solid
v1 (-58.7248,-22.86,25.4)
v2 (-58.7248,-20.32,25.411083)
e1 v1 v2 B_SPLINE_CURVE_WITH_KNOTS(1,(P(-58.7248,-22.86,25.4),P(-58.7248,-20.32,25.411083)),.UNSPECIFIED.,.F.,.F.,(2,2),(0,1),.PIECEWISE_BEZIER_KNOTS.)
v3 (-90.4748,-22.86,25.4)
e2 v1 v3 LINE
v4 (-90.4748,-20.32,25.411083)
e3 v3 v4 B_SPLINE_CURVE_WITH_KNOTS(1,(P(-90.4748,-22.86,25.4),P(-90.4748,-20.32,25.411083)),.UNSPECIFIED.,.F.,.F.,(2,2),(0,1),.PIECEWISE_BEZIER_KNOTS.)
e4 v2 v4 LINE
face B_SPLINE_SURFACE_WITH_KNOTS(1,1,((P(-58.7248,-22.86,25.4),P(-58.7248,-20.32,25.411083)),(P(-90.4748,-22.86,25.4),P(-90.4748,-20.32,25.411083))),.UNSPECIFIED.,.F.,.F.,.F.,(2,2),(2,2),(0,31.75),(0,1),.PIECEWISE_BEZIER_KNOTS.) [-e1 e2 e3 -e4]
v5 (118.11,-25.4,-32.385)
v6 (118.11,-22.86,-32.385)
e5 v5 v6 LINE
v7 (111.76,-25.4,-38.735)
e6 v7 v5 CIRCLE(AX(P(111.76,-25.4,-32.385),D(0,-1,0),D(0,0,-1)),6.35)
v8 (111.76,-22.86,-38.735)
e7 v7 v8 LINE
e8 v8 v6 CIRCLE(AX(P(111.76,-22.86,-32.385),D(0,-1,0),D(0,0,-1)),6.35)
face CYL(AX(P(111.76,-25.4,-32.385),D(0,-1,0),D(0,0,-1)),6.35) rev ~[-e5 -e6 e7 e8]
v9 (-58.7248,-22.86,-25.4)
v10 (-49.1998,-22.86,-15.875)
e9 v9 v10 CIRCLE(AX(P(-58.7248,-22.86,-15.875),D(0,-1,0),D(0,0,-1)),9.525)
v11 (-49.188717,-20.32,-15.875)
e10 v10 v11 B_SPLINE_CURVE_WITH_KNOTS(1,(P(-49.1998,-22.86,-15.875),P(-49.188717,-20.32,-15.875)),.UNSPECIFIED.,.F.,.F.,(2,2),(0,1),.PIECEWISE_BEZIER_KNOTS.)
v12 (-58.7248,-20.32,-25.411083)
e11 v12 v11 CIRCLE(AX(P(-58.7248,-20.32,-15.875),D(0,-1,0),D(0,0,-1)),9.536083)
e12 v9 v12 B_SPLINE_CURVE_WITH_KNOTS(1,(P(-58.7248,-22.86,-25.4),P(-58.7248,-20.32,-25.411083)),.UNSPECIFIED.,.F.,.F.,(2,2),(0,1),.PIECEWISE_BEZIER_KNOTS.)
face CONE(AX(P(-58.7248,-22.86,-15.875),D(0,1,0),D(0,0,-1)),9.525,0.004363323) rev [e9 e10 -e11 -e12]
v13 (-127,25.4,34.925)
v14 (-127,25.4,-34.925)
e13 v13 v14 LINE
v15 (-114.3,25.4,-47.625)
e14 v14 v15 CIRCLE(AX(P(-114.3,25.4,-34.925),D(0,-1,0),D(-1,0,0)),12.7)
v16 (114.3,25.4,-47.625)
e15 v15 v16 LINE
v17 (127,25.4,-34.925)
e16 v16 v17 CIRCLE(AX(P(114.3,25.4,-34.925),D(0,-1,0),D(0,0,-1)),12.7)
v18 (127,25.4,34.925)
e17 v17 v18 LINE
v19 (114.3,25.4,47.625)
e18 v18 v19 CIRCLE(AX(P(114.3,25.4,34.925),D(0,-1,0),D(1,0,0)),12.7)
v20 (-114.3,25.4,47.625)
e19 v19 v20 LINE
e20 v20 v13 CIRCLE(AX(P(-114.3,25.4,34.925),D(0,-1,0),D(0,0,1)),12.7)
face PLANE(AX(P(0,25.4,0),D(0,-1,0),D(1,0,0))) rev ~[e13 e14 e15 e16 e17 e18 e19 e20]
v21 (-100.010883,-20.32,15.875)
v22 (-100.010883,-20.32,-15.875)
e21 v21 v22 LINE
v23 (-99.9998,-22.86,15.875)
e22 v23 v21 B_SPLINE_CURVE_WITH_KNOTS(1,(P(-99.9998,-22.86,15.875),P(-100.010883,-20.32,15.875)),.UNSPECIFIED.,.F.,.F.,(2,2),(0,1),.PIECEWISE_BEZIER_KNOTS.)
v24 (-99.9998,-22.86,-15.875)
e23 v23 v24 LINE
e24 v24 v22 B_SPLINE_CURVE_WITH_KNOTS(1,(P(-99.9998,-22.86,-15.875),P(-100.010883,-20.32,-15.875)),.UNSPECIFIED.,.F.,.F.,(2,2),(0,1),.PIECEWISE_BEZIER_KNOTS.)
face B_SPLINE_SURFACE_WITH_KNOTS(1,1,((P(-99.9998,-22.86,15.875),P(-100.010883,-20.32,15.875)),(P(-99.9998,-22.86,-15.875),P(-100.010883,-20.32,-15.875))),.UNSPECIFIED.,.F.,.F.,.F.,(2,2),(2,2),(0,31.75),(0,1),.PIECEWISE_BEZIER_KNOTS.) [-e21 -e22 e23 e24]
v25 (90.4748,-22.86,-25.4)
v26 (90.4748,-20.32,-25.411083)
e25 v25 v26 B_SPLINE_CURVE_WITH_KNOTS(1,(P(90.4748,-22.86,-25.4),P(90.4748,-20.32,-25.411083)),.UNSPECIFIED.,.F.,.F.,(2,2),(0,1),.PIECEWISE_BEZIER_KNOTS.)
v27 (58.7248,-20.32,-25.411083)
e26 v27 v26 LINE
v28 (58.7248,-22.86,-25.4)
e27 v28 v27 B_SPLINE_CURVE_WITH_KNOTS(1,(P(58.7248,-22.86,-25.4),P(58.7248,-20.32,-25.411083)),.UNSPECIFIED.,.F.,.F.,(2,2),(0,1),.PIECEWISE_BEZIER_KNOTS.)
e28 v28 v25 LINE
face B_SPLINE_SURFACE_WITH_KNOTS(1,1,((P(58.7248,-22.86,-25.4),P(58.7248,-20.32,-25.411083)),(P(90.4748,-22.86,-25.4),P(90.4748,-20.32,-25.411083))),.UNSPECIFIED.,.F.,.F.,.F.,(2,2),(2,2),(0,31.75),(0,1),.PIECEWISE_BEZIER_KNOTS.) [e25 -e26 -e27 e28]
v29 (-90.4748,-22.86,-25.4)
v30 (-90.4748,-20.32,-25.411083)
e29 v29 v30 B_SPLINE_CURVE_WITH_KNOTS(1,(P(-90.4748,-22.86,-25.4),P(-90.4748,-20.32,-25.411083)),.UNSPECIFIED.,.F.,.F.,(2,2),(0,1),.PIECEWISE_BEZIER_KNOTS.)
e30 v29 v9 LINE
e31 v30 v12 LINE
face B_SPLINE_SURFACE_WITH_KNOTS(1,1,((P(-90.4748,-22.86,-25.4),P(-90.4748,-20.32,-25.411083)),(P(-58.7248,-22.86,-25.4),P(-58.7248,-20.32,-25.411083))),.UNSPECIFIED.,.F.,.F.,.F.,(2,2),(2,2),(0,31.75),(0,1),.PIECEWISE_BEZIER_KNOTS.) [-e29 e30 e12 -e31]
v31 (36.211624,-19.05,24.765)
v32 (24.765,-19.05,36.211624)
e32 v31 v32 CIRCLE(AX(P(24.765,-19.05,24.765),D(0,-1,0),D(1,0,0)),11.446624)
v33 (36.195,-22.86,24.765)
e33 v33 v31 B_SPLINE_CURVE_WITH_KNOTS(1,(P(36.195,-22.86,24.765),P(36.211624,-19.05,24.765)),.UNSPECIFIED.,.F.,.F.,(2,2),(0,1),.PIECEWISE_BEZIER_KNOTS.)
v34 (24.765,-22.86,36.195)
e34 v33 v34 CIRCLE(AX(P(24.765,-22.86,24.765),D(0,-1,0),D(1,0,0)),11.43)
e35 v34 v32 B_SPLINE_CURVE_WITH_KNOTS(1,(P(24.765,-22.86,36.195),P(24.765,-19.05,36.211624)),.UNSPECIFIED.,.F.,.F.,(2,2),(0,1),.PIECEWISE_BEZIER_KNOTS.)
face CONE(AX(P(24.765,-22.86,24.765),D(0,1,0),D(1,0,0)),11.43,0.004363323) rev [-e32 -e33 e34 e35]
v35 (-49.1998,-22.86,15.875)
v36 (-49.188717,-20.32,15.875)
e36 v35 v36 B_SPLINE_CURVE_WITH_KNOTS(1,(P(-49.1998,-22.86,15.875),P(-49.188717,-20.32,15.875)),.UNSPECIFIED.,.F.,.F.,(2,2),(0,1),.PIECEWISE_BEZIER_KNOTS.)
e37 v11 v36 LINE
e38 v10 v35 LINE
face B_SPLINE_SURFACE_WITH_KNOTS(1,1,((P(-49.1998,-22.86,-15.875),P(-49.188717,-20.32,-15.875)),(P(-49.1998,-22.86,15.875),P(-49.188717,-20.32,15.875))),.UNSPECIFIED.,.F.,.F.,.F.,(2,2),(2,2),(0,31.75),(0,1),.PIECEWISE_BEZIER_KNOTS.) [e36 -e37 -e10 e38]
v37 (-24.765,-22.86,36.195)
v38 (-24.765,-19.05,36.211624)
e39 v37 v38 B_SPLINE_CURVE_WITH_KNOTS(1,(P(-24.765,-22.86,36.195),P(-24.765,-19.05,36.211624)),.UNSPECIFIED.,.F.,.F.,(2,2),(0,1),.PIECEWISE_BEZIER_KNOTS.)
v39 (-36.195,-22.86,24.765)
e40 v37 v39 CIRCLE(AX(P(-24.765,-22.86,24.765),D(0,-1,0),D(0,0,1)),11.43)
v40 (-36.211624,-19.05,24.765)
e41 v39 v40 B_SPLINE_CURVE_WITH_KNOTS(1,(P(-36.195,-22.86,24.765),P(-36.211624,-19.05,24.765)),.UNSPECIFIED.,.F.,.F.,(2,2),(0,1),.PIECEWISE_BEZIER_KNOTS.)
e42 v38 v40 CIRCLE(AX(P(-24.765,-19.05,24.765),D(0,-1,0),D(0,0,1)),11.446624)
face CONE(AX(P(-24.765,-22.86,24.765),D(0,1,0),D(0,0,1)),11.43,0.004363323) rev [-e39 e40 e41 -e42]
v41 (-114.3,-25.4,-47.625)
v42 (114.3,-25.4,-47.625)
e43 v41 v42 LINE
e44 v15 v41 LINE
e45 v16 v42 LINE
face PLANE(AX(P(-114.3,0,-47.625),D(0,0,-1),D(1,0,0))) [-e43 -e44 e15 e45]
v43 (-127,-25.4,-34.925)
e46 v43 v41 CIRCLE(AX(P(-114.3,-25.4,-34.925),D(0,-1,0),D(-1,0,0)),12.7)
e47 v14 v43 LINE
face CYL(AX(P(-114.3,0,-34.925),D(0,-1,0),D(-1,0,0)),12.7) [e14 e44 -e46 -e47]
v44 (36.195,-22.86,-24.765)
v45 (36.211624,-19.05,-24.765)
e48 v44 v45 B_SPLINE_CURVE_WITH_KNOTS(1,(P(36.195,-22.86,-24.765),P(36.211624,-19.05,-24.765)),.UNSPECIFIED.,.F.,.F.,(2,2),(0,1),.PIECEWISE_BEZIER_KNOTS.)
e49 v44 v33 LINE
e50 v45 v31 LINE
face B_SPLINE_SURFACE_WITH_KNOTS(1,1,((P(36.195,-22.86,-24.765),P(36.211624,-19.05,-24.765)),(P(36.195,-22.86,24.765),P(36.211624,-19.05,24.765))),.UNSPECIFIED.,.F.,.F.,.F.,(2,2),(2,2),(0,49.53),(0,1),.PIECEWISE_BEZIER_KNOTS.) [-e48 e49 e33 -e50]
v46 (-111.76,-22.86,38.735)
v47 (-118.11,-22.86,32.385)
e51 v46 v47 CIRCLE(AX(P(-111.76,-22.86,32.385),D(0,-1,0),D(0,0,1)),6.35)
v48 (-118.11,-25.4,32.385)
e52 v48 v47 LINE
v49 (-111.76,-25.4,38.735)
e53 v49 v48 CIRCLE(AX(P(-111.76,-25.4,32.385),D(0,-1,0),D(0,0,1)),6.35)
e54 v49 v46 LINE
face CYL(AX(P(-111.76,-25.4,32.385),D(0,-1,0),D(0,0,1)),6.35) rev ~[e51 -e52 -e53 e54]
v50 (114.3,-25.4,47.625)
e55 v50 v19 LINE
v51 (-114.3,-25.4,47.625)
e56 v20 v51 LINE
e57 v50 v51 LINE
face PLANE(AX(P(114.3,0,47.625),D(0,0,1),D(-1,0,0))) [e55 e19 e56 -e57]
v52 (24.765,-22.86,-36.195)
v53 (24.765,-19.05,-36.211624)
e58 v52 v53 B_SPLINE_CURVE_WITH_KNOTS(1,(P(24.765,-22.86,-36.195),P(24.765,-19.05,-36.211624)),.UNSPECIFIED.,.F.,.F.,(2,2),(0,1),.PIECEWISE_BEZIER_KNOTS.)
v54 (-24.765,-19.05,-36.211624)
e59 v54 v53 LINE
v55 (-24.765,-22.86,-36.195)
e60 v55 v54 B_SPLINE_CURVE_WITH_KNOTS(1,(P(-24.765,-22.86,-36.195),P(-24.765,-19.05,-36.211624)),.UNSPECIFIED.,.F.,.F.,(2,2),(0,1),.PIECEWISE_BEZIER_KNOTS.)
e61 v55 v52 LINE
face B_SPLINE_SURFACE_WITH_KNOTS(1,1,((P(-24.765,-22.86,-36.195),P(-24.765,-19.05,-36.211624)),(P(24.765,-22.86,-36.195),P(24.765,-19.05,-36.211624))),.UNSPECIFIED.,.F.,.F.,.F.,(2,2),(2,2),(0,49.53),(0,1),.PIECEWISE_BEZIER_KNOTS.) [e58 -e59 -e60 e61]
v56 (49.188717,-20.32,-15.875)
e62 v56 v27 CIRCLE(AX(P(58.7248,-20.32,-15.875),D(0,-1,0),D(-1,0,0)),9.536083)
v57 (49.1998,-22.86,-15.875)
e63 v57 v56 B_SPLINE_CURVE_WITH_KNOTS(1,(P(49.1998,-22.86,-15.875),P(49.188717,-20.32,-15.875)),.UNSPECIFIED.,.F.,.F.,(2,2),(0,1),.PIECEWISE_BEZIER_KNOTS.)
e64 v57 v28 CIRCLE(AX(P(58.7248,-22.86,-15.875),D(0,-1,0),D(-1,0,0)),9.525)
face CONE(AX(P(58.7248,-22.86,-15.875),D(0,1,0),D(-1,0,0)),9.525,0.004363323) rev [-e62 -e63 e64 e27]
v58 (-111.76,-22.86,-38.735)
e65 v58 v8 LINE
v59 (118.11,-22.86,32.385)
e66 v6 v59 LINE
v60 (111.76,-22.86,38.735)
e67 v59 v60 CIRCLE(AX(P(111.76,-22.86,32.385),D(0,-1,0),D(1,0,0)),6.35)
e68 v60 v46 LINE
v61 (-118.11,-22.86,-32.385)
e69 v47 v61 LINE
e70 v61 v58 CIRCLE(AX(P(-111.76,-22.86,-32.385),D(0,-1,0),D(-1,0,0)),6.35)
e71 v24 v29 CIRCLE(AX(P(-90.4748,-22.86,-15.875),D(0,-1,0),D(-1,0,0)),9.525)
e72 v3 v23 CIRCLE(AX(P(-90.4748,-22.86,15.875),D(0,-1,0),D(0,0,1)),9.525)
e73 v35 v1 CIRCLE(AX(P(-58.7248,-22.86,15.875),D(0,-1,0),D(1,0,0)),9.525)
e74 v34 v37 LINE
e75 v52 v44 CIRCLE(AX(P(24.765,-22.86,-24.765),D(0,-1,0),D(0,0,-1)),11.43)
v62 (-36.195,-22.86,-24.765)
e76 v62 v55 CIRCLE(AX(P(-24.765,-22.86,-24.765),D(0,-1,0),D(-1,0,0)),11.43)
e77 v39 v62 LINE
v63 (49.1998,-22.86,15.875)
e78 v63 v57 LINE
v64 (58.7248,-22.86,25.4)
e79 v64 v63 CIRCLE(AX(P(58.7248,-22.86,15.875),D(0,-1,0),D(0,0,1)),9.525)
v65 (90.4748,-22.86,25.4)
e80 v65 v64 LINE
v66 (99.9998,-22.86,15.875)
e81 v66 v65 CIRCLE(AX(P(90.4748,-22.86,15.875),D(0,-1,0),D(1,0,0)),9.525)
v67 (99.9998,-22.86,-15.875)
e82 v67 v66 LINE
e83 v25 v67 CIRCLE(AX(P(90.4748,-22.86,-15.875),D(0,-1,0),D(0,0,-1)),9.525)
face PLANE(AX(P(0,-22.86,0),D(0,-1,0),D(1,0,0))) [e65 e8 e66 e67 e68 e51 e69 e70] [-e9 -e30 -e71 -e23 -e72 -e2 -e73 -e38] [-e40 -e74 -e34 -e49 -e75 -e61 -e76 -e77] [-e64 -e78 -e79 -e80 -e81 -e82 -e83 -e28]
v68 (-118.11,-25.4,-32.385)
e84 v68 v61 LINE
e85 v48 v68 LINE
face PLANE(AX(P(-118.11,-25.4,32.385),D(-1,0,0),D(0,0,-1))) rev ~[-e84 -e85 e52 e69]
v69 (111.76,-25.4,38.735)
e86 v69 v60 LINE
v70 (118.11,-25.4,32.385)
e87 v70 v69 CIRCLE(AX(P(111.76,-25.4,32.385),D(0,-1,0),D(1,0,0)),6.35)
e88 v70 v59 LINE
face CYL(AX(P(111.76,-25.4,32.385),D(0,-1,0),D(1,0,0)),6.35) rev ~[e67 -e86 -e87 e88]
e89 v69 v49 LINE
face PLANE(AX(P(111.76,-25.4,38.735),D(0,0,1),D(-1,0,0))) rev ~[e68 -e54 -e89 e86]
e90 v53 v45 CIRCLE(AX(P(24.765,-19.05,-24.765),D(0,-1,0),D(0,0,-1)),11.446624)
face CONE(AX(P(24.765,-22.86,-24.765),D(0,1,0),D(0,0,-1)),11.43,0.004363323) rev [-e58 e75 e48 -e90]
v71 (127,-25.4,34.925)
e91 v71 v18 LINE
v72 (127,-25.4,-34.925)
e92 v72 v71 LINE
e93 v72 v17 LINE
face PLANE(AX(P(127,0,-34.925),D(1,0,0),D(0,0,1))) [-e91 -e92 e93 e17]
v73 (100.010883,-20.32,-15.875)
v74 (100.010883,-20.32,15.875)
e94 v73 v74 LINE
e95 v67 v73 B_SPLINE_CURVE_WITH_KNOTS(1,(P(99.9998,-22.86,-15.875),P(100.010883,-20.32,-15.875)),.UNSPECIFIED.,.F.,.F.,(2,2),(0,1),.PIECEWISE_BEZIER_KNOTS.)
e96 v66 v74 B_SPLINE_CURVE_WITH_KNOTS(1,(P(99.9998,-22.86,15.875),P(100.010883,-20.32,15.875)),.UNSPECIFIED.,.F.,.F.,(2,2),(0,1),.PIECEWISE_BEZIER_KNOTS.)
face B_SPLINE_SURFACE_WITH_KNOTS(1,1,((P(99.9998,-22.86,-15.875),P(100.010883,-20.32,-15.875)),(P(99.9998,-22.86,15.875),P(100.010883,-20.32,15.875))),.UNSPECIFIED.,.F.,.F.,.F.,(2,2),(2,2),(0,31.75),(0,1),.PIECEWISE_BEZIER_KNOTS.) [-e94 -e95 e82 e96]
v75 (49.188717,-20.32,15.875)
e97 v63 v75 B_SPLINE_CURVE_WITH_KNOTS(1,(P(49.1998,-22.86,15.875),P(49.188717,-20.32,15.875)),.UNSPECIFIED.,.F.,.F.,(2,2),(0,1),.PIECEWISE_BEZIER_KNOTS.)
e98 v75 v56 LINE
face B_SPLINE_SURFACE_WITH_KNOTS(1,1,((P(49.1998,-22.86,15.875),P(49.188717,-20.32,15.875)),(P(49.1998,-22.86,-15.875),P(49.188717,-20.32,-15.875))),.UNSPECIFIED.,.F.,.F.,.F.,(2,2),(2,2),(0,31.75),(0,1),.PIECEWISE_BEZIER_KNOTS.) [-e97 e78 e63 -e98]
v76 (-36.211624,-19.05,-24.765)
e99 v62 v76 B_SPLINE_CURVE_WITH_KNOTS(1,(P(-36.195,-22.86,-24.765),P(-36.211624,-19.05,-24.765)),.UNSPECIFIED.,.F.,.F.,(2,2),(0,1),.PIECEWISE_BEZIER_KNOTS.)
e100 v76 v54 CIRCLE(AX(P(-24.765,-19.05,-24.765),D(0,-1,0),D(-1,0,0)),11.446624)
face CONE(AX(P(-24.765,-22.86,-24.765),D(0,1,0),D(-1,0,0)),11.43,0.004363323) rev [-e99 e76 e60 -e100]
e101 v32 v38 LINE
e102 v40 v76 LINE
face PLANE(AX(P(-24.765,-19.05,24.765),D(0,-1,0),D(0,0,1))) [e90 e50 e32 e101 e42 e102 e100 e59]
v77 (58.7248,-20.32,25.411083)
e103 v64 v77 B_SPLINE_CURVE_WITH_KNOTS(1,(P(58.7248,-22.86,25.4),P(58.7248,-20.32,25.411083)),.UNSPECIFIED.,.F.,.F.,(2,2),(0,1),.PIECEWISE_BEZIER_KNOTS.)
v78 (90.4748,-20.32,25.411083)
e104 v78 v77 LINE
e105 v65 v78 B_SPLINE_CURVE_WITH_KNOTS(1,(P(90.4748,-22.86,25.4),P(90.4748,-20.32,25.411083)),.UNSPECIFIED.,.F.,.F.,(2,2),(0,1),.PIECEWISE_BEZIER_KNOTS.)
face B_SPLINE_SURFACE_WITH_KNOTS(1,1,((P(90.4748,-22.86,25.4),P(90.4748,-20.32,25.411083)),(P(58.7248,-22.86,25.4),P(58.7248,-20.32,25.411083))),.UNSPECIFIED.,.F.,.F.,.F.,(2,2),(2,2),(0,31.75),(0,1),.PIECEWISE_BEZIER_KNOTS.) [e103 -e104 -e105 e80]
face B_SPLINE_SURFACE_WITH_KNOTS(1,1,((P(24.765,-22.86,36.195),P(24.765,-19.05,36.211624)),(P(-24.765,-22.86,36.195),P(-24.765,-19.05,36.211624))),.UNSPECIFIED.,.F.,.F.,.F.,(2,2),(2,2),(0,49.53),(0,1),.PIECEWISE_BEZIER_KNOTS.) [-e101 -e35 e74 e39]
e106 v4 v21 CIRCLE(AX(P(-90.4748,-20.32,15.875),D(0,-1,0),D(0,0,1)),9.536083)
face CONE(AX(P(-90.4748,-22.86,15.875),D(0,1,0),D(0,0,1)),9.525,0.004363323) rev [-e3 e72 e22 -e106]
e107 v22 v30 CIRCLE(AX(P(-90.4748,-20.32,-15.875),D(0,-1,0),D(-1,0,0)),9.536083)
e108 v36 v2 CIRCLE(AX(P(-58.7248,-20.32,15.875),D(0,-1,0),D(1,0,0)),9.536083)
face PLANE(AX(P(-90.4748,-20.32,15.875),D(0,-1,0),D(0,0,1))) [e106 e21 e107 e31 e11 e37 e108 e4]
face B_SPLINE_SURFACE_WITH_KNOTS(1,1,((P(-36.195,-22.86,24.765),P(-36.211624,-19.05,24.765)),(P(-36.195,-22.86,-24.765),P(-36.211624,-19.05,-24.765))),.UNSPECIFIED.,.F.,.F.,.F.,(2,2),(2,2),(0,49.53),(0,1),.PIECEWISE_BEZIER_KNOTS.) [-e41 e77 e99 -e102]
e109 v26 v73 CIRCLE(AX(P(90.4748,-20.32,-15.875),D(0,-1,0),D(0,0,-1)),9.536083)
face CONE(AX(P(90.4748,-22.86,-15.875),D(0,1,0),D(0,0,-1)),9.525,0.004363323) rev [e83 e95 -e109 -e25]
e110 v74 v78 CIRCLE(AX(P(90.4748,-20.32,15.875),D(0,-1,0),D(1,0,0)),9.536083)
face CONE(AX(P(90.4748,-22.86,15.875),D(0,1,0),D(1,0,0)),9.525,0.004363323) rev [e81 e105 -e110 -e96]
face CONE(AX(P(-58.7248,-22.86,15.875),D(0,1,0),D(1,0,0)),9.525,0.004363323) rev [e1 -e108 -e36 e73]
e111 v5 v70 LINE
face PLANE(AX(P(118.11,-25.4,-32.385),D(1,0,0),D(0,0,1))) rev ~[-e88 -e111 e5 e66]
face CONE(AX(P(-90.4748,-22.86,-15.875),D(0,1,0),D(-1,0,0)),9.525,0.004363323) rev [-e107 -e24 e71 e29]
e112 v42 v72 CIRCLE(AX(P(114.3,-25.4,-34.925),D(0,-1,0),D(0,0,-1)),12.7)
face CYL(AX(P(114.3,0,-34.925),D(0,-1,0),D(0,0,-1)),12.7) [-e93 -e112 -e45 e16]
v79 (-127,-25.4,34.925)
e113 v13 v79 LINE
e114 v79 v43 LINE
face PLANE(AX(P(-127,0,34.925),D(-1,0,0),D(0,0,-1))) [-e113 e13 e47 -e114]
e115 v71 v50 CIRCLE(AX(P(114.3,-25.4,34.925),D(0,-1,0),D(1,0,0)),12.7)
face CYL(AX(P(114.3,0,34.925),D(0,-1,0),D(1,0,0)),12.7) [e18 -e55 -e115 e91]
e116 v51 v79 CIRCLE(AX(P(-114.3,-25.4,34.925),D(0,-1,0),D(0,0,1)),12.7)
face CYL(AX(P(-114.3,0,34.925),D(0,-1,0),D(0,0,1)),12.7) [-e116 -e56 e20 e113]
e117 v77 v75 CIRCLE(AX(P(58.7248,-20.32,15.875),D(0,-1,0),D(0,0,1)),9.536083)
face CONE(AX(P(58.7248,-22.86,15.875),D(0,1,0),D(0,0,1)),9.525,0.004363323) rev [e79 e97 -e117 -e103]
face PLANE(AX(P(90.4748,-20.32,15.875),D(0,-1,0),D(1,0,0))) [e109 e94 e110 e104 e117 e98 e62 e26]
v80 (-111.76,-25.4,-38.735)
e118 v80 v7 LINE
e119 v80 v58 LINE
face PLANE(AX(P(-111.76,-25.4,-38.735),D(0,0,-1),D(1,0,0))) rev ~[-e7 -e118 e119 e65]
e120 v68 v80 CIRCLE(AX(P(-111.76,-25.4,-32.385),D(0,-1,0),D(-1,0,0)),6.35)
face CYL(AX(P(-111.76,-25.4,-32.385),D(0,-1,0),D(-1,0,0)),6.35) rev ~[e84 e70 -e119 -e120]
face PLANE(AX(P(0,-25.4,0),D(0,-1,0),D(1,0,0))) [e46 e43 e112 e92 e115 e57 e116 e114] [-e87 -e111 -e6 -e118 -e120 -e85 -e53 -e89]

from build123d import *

# Parameters (mm, degrees)
F0_R     = 32.385
F0_R_2   = 20.32
F1_DEPTH = 25.4
F3_DEPTH = 2.54
F5_DEPTH = 3.81
F5_TAPER = -0.25
F7_DEPTH = 2.54
F7_TAPER = -0.25


with BuildPart() as f1:
    # F0 (on Front) → F1 (new body, symmetric)
    with BuildSketch(Plane.XZ):
        with BuildLine():
            Line((114.3, 47.625), (-114.3, 47.625))
            ThreePointArc((-114.3, 47.625), (-123.2802561211, 43.9052561211), (-127, 34.925))
            Line((-127, 34.925), (-127, -34.925))
            ThreePointArc((-127, -34.925), (-123.2802561211, -43.9052561211), (-114.3, -47.625))
            Line((-114.3, -47.625), (114.3, -47.625))
            ThreePointArc((114.3, -47.625), (123.2802561211, -43.9052561211), (127, -34.925))
            Line((127, -34.925), (127, 34.925))
            ThreePointArc((127, 34.925), (123.2802561211, 43.9052561211), (114.3, 47.625))
        make_face()
        Circle(F0_R, mode=Mode.SUBTRACT)
        with Locations((-74.5998, 0)):
            Circle(F0_R_2, mode=Mode.SUBTRACT)
        with Locations((74.5998, 0)):
            Circle(F0_R_2, mode=Mode.SUBTRACT)
        with Locations((74.5998, 0)):
            Circle(F0_R_2)
        Circle(F0_R)
        with Locations((-74.5998, 0)):
            Circle(F0_R_2)
    extrude(amount=F1_DEPTH, both=True)

    # F2 (on face) → F3 (cut)
    with BuildSketch(Plane.XZ.offset(25.4)):
        with BuildLine():
            Line((-111.76, -38.735), (111.76, -38.735))
            ThreePointArc((111.76, -38.735), (116.2501280605, -36.8751280605), (118.11, -32.385))
            Line((118.11, -32.385), (118.11, 32.385))
            ThreePointArc((118.11, 32.385), (116.2501280605, 36.8751280605), (111.76, 38.735))
            Line((111.76, 38.735), (-111.76, 38.735))
            ThreePointArc((-111.76, 38.735), (-116.2501280605, 36.8751280605), (-118.11, 32.385))
            Line((-118.11, 32.385), (-118.11, -32.385))
            ThreePointArc((-118.11, -32.385), (-116.2501280605, -36.8751280605), (-111.76, -38.735))
        make_face()
    extrude(amount=-F3_DEPTH, mode=Mode.SUBTRACT)

    # F4 (on face) → F5 (cut)
    with BuildSketch(Plane.XZ.offset(22.86)):
        with BuildLine():
            Line((24.765, 36.195), (-24.765, 36.195))
            ThreePointArc((-24.765, 36.195), (-32.847230509, 32.847230509), (-36.195, 24.765))
            Line((-36.195, 24.765), (-36.195, -24.765))
            ThreePointArc((-36.195, -24.765), (-32.847230509, -32.847230509), (-24.765, -36.195))
            Line((-24.765, -36.195), (24.765, -36.195))
            ThreePointArc((24.765, -36.195), (32.847230509, -32.847230509), (36.195, -24.765))
            Line((36.195, -24.765), (36.195, 24.765))
            ThreePointArc((36.195, 24.765), (32.847230509, 32.847230509), (24.765, 36.195))
        make_face()
    extrude(amount=-F5_DEPTH, taper=F5_TAPER, mode=Mode.SUBTRACT)

    # F6 (on face) → F7 (cut)
    with BuildSketch(Plane.XZ.offset(22.86)):
        with BuildLine():
            Line((-58.7248, 25.4), (-90.4748, 25.4))
            ThreePointArc((-90.4748, 25.4), (-97.2099920908, 22.6101920908), (-99.9998, 15.875))
            Line((-99.9998, 15.875), (-99.9998, -15.875))
            ThreePointArc((-99.9998, -15.875), (-97.2099920908, -22.6101920908), (-90.4748, -25.4))
            Line((-90.4748, -25.4), (-58.7248, -25.4))
            ThreePointArc((-58.7248, -25.4), (-51.9896079092, -22.6101920908), (-49.1998, -15.875))
            Line((-49.1998, -15.875), (-49.1998, 15.875))
            ThreePointArc((-49.1998, 15.875), (-51.9896079092, 22.6101920908), (-58.7248, 25.4))
        make_face()
        with BuildLine():
            ThreePointArc((99.9998, 15.875), (97.2099920908, 22.6101920908), (90.4748, 25.4))
            Line((90.4748, 25.4), (58.7248, 25.4))
            ThreePointArc((58.7248, 25.4), (51.9896079092, 22.6101920908), (49.1998, 15.875))
            Line((49.1998, 15.875), (49.1998, -15.875))
            ThreePointArc((49.1998, -15.875), (51.9896079092, -22.6101920908), (58.7248, -25.4))
            Line((58.7248, -25.4), (90.4748, -25.4))
            ThreePointArc((90.4748, -25.4), (97.2099920908, -22.6101920908), (99.9998, -15.875))
            Line((99.9998, -15.875), (99.9998, 15.875))
        make_face()
    extrude(amount=-F7_DEPTH, taper=F7_TAPER, mode=Mode.SUBTRACT)


solid = f1.part
